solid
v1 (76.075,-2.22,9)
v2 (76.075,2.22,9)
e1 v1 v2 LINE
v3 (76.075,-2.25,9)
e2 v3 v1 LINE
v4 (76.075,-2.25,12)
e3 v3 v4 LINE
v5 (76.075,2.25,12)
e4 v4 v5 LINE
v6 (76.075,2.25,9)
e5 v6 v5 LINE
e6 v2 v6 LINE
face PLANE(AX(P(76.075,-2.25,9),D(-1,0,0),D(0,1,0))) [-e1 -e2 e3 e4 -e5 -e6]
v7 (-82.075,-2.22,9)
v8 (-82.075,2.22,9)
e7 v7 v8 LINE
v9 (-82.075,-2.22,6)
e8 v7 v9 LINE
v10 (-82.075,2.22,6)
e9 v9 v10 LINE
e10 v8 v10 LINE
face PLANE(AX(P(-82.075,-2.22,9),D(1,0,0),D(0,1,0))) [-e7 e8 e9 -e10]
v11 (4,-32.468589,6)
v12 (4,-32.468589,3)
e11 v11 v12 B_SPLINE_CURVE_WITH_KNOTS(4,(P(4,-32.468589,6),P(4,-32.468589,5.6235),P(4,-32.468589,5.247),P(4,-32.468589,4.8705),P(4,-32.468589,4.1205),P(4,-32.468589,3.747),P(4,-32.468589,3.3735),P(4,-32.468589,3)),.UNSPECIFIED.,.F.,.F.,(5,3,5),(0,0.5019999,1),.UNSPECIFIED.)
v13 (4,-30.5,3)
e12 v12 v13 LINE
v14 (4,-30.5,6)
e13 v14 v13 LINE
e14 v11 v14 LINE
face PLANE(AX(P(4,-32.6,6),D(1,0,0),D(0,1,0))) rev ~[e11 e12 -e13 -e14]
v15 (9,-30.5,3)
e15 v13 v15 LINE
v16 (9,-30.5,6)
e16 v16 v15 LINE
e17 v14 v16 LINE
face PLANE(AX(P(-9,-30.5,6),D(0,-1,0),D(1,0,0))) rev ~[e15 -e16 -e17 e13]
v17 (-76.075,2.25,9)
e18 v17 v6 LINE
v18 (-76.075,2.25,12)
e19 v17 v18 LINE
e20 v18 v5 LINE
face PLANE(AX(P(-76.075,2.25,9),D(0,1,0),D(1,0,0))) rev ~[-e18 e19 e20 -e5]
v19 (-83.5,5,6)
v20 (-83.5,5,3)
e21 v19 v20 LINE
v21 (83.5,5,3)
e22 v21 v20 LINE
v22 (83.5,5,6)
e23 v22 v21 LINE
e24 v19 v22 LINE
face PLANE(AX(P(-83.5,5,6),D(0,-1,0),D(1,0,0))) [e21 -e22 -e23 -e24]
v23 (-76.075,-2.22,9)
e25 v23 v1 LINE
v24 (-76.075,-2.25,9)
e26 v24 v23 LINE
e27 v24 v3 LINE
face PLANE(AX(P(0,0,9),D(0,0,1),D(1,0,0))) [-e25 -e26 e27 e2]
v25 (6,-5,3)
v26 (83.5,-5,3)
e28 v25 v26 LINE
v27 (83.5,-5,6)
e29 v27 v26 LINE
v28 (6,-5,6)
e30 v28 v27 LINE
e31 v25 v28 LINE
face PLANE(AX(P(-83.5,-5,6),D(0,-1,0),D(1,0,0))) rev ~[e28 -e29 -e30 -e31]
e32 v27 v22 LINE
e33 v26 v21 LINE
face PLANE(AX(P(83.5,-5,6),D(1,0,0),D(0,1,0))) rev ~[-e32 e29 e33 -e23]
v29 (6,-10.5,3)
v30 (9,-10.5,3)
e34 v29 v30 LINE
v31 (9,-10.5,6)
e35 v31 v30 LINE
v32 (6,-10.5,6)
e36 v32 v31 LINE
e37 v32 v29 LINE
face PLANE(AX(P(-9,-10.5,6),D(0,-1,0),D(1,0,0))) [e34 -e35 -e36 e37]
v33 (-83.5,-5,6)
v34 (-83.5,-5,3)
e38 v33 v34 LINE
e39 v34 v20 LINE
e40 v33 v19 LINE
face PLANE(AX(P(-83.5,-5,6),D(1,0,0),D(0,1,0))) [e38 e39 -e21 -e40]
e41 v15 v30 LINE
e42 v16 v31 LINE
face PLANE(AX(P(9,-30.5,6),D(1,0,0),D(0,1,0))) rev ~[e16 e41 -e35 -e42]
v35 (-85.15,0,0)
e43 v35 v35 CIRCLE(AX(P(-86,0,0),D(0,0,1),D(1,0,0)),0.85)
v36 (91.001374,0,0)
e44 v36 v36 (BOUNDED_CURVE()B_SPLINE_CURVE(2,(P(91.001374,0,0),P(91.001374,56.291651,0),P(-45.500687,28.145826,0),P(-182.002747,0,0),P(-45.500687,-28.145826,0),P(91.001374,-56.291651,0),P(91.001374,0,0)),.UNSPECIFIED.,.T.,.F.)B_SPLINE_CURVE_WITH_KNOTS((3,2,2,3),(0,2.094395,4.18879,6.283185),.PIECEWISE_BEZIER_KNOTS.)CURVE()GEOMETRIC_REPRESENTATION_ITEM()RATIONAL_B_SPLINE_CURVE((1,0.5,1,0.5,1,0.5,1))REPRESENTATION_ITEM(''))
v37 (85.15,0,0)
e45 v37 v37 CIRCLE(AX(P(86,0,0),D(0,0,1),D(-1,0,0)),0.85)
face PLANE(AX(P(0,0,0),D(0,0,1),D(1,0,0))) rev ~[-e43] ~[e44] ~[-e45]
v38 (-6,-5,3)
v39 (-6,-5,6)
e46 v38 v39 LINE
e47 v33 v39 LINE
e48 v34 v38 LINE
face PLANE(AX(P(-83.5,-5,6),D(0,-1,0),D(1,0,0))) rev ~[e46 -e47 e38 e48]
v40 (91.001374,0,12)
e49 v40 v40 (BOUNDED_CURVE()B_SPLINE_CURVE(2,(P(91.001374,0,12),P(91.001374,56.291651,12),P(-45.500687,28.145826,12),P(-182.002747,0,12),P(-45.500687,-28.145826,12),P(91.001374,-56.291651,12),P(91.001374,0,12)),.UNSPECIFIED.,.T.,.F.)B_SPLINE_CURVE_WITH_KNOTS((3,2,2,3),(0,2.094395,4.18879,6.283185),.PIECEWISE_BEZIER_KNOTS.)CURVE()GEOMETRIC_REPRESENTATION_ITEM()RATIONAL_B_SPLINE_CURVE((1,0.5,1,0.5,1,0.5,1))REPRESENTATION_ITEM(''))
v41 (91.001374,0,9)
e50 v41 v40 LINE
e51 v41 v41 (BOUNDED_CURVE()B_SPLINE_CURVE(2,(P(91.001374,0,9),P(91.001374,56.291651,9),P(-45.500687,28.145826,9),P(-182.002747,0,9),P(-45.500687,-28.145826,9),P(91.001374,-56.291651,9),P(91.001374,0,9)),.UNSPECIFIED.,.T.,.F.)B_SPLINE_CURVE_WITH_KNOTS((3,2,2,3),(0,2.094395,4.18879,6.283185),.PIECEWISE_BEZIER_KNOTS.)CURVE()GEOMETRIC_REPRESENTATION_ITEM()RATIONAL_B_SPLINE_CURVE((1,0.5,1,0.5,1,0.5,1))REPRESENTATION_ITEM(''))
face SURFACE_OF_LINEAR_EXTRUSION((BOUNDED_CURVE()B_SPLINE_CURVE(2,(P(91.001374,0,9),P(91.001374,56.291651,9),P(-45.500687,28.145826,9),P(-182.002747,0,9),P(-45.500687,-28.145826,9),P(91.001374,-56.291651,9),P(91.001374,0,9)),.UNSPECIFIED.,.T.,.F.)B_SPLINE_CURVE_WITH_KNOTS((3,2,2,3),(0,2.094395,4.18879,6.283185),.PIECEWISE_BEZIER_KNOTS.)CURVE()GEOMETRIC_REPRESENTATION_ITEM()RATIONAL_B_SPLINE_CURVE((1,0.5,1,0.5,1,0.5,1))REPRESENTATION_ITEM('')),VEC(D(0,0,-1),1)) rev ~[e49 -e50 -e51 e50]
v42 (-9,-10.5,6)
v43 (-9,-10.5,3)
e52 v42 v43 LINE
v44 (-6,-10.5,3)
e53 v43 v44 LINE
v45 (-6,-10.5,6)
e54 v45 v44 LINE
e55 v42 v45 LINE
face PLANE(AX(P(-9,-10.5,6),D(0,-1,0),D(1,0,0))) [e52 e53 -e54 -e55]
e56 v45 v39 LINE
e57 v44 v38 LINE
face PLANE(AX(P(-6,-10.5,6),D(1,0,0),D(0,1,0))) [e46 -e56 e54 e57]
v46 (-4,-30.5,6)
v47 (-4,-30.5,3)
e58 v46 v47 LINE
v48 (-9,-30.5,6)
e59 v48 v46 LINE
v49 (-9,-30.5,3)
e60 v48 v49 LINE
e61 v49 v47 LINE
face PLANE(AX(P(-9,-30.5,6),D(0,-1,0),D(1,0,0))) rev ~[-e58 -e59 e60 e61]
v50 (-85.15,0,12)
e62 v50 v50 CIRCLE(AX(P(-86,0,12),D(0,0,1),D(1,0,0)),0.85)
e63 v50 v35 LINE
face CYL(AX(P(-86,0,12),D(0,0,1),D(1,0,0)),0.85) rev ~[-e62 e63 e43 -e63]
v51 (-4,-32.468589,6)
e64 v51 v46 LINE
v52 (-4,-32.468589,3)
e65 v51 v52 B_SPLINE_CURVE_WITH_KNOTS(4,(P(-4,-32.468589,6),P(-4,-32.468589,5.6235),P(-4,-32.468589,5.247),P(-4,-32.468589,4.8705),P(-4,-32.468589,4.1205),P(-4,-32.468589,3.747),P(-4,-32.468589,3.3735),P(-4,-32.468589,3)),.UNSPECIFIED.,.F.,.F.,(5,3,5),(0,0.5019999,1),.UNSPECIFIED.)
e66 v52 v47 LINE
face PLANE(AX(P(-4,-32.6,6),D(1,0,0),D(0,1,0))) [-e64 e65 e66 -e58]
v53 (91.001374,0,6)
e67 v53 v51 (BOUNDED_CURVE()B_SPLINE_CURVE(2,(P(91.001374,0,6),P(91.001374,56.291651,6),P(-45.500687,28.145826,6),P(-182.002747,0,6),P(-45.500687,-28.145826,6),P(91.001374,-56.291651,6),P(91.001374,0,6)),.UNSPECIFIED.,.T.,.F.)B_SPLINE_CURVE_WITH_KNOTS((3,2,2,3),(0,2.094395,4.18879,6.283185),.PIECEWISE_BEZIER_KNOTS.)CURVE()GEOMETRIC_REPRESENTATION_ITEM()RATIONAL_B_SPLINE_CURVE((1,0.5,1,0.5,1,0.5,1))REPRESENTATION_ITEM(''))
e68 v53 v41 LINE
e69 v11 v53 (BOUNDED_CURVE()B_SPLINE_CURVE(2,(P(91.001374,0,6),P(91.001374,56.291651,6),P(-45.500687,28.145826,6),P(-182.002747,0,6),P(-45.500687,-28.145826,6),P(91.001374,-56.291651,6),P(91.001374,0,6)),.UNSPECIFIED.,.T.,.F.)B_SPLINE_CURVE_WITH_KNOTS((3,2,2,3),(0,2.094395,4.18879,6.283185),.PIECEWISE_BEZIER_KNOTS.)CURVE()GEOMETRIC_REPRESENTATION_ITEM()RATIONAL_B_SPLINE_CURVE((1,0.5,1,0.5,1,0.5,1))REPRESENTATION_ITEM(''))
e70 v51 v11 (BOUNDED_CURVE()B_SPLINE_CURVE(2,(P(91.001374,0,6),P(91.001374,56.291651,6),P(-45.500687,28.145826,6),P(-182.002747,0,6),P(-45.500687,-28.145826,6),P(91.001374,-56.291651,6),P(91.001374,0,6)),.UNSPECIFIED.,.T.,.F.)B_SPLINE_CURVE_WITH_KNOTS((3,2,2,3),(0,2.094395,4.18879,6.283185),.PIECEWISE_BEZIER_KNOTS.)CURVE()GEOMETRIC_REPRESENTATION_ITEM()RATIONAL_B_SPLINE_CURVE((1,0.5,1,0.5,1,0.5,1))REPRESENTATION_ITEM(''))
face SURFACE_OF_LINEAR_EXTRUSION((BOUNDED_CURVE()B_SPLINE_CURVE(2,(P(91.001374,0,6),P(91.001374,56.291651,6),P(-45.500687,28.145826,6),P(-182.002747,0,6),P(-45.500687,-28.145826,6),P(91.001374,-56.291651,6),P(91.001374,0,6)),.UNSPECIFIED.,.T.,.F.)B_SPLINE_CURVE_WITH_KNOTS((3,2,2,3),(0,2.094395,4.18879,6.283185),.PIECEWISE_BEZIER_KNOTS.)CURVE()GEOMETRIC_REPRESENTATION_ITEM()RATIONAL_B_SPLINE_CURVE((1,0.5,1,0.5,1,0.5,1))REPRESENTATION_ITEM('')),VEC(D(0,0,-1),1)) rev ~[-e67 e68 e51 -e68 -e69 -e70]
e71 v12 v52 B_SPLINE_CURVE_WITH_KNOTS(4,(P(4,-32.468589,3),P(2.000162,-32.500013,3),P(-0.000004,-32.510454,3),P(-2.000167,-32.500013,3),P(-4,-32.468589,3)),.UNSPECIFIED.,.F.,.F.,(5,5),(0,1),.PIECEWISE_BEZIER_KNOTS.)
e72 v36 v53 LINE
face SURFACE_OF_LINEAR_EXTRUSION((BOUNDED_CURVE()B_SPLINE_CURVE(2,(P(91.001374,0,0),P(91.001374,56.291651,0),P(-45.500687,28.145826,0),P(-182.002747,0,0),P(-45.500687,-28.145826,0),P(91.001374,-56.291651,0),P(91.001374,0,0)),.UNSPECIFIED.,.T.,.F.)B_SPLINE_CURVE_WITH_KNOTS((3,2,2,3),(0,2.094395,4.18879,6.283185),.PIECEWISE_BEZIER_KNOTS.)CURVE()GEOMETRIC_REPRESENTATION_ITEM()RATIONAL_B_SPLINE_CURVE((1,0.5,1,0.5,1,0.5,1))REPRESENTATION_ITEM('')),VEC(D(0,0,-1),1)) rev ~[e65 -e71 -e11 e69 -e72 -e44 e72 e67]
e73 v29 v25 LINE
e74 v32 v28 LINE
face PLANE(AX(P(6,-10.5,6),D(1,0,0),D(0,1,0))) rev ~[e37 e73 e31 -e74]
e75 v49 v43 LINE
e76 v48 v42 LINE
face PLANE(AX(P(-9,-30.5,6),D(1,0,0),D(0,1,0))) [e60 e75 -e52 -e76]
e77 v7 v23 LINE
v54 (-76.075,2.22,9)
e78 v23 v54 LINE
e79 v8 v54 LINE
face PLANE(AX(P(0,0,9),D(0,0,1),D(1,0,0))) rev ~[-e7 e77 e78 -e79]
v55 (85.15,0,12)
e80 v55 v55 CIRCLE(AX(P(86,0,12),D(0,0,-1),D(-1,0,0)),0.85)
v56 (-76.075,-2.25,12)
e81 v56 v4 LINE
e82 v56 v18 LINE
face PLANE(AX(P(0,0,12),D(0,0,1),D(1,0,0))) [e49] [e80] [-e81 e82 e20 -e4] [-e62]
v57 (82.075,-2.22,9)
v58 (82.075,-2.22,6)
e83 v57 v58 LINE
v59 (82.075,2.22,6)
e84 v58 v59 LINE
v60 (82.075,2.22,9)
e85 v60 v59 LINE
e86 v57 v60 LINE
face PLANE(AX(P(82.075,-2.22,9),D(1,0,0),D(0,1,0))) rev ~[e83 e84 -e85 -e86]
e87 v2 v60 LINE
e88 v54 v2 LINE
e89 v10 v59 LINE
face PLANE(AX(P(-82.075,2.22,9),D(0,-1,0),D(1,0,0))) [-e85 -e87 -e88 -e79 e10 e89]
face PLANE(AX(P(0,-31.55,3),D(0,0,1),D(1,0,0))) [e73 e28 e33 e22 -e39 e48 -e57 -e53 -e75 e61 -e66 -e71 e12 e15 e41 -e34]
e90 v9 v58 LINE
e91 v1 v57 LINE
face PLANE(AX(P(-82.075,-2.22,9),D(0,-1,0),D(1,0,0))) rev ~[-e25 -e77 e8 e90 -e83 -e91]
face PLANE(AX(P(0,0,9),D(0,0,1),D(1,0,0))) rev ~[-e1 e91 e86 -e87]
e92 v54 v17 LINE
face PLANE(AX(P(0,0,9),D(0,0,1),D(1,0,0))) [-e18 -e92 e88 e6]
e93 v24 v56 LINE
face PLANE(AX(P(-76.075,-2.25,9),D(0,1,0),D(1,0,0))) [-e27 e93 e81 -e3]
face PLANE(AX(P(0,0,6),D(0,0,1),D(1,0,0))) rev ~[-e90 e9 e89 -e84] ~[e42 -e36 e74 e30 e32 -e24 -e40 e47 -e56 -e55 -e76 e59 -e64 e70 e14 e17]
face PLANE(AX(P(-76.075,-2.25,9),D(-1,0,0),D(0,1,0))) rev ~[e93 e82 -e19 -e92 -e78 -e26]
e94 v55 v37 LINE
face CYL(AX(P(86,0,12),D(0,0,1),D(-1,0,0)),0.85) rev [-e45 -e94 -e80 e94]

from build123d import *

# Parameters (mm, degrees)
PAD_DEPTH       = 6
SKETCH001_W     = 167
SKETCH001_H     = 10
POCKET_DEPTH    = 3
SKETCH002_W     = 18
SKETCH002_H     = 20
POCKET001_DEPTH = 3
SKETCH003_W     = 12
SKETCH003_H     = 15.5
SKETCH003_W_2   = 8
SKETCH003_H_2   = 2.1
POCKET002_DEPTH = 3
PAD001_DEPTH    = 3
SKETCH005_W     = 164.15
SKETCH005_H     = 4.44
POCKET003_DEPTH = 3
SKETCH006_W     = 152.15
SKETCH006_H     = 4.5
PAD002_DEPTH    = 3
SKETCH007_R     = 0.85
POCKET004_DEPTH = 399.26835


with BuildPart() as part:
    # Sketch → Pad (new body)
    with BuildSketch(Plane.XY):
        with BuildLine():
            add(Edge.make_bspline(
                [(91.001374, 0), (91.001374, 56.291651), (-45.500687, 28.145826), (-182.002747, 0), (-45.500687, -28.145826), (91.001374, -56.291651), (91.001374, 0)],
                knots=[0, 0, 0, 2.094395, 2.094395, 4.18879, 4.18879, 6.283185, 6.283185, 6.283185], degree=2, weights=[1, 0.5, 1, 0.5, 1, 0.5, 1]))
        make_face()
    extrude(amount=PAD_DEPTH)

    # Sketch001 (on Face3 of Pad) → Pocket (cut)
    with BuildSketch(Plane.XY.offset(6)):
        Rectangle(SKETCH001_W, SKETCH001_H)
    extrude(amount=-POCKET_DEPTH, mode=Mode.SUBTRACT)

    # Sketch002 (on Face3 of Pocket) → Pocket001 (cut)
    with BuildSketch(Plane.XY.offset(6)):
        with Locations((0, -20.5)):
            Rectangle(SKETCH002_W, SKETCH002_H)
    extrude(amount=-POCKET001_DEPTH, mode=Mode.SUBTRACT)

    # Sketch003 (on Face3 of Pocket001) → Pocket002 (cut)
    with BuildSketch(Plane.XY.offset(6)):
        with Locations((0, -2.75)):
            Rectangle(SKETCH003_W, SKETCH003_H)
        with Locations((0, -31.55)):
            Rectangle(SKETCH003_W_2, SKETCH003_H_2)
    extrude(amount=-POCKET002_DEPTH, mode=Mode.SUBTRACT)

    # Sketch004 (on Face3 of Pocket002) → Pad001 (join)
    with BuildSketch(Plane.XY.offset(6)):
        with BuildLine():
            add(Edge.make_bspline(
                [(91.001374, 0), (91.001374, 56.291651), (-45.500687, 28.145826), (-182.002747, 0), (-45.500687, -28.145826), (91.001374, -56.291651), (91.001374, 0)],
                knots=[0, 0, 0, 2.094395, 2.094395, 4.18879, 4.18879, 6.283185, 6.283185, 6.283185], degree=2, weights=[1, 0.5, 1, 0.5, 1, 0.5, 1]))
        make_face()
    extrude(amount=PAD001_DEPTH)

    # Sketch005 (on Face8 of Pad001) → Pocket003 (cut)
    with BuildSketch(Plane.XY.offset(9)):
        Rectangle(SKETCH005_W, SKETCH005_H)
    extrude(amount=-POCKET003_DEPTH, mode=Mode.SUBTRACT)

    # Sketch006 (on Face8 of Pocket003) → Pad002 (join)
    with BuildSketch(Plane.XY.offset(9)):
        with BuildLine():
            add(Edge.make_bspline(
                [(91.001374, 0), (91.001374, 56.291651), (-45.500687, 28.145826), (-182.002747, 0), (-45.500687, -28.145826), (91.001374, -56.291651), (91.001374, 0)],
                knots=[0, 0, 0, 2.094395, 2.094395, 4.18879, 4.18879, 6.283185, 6.283185, 6.283185], degree=2, weights=[1, 0.5, 1, 0.5, 1, 0.5, 1]))
        make_face()
        Rectangle(SKETCH006_W, SKETCH006_H, mode=Mode.SUBTRACT)
    extrude(amount=PAD002_DEPTH)

    # Sketch007 (on Face12 of Pad002) → Pocket004 (cut, through all)
    with BuildSketch(Plane.XY.offset(12)):
        with Locations((-86, 0)):
            Circle(SKETCH007_R)
    pocket004 = extrude(amount=-POCKET004_DEPTH, mode=Mode.SUBTRACT)

    # Mirrored: Pocket004 across Sketch007 V_Axis
    add(pocket004.mirror(Plane(origin=(0, 0, 12), x_dir=(0, 0, 1), z_dir=(1, 0, 0))), mode=Mode.SUBTRACT)


solid = part.part
